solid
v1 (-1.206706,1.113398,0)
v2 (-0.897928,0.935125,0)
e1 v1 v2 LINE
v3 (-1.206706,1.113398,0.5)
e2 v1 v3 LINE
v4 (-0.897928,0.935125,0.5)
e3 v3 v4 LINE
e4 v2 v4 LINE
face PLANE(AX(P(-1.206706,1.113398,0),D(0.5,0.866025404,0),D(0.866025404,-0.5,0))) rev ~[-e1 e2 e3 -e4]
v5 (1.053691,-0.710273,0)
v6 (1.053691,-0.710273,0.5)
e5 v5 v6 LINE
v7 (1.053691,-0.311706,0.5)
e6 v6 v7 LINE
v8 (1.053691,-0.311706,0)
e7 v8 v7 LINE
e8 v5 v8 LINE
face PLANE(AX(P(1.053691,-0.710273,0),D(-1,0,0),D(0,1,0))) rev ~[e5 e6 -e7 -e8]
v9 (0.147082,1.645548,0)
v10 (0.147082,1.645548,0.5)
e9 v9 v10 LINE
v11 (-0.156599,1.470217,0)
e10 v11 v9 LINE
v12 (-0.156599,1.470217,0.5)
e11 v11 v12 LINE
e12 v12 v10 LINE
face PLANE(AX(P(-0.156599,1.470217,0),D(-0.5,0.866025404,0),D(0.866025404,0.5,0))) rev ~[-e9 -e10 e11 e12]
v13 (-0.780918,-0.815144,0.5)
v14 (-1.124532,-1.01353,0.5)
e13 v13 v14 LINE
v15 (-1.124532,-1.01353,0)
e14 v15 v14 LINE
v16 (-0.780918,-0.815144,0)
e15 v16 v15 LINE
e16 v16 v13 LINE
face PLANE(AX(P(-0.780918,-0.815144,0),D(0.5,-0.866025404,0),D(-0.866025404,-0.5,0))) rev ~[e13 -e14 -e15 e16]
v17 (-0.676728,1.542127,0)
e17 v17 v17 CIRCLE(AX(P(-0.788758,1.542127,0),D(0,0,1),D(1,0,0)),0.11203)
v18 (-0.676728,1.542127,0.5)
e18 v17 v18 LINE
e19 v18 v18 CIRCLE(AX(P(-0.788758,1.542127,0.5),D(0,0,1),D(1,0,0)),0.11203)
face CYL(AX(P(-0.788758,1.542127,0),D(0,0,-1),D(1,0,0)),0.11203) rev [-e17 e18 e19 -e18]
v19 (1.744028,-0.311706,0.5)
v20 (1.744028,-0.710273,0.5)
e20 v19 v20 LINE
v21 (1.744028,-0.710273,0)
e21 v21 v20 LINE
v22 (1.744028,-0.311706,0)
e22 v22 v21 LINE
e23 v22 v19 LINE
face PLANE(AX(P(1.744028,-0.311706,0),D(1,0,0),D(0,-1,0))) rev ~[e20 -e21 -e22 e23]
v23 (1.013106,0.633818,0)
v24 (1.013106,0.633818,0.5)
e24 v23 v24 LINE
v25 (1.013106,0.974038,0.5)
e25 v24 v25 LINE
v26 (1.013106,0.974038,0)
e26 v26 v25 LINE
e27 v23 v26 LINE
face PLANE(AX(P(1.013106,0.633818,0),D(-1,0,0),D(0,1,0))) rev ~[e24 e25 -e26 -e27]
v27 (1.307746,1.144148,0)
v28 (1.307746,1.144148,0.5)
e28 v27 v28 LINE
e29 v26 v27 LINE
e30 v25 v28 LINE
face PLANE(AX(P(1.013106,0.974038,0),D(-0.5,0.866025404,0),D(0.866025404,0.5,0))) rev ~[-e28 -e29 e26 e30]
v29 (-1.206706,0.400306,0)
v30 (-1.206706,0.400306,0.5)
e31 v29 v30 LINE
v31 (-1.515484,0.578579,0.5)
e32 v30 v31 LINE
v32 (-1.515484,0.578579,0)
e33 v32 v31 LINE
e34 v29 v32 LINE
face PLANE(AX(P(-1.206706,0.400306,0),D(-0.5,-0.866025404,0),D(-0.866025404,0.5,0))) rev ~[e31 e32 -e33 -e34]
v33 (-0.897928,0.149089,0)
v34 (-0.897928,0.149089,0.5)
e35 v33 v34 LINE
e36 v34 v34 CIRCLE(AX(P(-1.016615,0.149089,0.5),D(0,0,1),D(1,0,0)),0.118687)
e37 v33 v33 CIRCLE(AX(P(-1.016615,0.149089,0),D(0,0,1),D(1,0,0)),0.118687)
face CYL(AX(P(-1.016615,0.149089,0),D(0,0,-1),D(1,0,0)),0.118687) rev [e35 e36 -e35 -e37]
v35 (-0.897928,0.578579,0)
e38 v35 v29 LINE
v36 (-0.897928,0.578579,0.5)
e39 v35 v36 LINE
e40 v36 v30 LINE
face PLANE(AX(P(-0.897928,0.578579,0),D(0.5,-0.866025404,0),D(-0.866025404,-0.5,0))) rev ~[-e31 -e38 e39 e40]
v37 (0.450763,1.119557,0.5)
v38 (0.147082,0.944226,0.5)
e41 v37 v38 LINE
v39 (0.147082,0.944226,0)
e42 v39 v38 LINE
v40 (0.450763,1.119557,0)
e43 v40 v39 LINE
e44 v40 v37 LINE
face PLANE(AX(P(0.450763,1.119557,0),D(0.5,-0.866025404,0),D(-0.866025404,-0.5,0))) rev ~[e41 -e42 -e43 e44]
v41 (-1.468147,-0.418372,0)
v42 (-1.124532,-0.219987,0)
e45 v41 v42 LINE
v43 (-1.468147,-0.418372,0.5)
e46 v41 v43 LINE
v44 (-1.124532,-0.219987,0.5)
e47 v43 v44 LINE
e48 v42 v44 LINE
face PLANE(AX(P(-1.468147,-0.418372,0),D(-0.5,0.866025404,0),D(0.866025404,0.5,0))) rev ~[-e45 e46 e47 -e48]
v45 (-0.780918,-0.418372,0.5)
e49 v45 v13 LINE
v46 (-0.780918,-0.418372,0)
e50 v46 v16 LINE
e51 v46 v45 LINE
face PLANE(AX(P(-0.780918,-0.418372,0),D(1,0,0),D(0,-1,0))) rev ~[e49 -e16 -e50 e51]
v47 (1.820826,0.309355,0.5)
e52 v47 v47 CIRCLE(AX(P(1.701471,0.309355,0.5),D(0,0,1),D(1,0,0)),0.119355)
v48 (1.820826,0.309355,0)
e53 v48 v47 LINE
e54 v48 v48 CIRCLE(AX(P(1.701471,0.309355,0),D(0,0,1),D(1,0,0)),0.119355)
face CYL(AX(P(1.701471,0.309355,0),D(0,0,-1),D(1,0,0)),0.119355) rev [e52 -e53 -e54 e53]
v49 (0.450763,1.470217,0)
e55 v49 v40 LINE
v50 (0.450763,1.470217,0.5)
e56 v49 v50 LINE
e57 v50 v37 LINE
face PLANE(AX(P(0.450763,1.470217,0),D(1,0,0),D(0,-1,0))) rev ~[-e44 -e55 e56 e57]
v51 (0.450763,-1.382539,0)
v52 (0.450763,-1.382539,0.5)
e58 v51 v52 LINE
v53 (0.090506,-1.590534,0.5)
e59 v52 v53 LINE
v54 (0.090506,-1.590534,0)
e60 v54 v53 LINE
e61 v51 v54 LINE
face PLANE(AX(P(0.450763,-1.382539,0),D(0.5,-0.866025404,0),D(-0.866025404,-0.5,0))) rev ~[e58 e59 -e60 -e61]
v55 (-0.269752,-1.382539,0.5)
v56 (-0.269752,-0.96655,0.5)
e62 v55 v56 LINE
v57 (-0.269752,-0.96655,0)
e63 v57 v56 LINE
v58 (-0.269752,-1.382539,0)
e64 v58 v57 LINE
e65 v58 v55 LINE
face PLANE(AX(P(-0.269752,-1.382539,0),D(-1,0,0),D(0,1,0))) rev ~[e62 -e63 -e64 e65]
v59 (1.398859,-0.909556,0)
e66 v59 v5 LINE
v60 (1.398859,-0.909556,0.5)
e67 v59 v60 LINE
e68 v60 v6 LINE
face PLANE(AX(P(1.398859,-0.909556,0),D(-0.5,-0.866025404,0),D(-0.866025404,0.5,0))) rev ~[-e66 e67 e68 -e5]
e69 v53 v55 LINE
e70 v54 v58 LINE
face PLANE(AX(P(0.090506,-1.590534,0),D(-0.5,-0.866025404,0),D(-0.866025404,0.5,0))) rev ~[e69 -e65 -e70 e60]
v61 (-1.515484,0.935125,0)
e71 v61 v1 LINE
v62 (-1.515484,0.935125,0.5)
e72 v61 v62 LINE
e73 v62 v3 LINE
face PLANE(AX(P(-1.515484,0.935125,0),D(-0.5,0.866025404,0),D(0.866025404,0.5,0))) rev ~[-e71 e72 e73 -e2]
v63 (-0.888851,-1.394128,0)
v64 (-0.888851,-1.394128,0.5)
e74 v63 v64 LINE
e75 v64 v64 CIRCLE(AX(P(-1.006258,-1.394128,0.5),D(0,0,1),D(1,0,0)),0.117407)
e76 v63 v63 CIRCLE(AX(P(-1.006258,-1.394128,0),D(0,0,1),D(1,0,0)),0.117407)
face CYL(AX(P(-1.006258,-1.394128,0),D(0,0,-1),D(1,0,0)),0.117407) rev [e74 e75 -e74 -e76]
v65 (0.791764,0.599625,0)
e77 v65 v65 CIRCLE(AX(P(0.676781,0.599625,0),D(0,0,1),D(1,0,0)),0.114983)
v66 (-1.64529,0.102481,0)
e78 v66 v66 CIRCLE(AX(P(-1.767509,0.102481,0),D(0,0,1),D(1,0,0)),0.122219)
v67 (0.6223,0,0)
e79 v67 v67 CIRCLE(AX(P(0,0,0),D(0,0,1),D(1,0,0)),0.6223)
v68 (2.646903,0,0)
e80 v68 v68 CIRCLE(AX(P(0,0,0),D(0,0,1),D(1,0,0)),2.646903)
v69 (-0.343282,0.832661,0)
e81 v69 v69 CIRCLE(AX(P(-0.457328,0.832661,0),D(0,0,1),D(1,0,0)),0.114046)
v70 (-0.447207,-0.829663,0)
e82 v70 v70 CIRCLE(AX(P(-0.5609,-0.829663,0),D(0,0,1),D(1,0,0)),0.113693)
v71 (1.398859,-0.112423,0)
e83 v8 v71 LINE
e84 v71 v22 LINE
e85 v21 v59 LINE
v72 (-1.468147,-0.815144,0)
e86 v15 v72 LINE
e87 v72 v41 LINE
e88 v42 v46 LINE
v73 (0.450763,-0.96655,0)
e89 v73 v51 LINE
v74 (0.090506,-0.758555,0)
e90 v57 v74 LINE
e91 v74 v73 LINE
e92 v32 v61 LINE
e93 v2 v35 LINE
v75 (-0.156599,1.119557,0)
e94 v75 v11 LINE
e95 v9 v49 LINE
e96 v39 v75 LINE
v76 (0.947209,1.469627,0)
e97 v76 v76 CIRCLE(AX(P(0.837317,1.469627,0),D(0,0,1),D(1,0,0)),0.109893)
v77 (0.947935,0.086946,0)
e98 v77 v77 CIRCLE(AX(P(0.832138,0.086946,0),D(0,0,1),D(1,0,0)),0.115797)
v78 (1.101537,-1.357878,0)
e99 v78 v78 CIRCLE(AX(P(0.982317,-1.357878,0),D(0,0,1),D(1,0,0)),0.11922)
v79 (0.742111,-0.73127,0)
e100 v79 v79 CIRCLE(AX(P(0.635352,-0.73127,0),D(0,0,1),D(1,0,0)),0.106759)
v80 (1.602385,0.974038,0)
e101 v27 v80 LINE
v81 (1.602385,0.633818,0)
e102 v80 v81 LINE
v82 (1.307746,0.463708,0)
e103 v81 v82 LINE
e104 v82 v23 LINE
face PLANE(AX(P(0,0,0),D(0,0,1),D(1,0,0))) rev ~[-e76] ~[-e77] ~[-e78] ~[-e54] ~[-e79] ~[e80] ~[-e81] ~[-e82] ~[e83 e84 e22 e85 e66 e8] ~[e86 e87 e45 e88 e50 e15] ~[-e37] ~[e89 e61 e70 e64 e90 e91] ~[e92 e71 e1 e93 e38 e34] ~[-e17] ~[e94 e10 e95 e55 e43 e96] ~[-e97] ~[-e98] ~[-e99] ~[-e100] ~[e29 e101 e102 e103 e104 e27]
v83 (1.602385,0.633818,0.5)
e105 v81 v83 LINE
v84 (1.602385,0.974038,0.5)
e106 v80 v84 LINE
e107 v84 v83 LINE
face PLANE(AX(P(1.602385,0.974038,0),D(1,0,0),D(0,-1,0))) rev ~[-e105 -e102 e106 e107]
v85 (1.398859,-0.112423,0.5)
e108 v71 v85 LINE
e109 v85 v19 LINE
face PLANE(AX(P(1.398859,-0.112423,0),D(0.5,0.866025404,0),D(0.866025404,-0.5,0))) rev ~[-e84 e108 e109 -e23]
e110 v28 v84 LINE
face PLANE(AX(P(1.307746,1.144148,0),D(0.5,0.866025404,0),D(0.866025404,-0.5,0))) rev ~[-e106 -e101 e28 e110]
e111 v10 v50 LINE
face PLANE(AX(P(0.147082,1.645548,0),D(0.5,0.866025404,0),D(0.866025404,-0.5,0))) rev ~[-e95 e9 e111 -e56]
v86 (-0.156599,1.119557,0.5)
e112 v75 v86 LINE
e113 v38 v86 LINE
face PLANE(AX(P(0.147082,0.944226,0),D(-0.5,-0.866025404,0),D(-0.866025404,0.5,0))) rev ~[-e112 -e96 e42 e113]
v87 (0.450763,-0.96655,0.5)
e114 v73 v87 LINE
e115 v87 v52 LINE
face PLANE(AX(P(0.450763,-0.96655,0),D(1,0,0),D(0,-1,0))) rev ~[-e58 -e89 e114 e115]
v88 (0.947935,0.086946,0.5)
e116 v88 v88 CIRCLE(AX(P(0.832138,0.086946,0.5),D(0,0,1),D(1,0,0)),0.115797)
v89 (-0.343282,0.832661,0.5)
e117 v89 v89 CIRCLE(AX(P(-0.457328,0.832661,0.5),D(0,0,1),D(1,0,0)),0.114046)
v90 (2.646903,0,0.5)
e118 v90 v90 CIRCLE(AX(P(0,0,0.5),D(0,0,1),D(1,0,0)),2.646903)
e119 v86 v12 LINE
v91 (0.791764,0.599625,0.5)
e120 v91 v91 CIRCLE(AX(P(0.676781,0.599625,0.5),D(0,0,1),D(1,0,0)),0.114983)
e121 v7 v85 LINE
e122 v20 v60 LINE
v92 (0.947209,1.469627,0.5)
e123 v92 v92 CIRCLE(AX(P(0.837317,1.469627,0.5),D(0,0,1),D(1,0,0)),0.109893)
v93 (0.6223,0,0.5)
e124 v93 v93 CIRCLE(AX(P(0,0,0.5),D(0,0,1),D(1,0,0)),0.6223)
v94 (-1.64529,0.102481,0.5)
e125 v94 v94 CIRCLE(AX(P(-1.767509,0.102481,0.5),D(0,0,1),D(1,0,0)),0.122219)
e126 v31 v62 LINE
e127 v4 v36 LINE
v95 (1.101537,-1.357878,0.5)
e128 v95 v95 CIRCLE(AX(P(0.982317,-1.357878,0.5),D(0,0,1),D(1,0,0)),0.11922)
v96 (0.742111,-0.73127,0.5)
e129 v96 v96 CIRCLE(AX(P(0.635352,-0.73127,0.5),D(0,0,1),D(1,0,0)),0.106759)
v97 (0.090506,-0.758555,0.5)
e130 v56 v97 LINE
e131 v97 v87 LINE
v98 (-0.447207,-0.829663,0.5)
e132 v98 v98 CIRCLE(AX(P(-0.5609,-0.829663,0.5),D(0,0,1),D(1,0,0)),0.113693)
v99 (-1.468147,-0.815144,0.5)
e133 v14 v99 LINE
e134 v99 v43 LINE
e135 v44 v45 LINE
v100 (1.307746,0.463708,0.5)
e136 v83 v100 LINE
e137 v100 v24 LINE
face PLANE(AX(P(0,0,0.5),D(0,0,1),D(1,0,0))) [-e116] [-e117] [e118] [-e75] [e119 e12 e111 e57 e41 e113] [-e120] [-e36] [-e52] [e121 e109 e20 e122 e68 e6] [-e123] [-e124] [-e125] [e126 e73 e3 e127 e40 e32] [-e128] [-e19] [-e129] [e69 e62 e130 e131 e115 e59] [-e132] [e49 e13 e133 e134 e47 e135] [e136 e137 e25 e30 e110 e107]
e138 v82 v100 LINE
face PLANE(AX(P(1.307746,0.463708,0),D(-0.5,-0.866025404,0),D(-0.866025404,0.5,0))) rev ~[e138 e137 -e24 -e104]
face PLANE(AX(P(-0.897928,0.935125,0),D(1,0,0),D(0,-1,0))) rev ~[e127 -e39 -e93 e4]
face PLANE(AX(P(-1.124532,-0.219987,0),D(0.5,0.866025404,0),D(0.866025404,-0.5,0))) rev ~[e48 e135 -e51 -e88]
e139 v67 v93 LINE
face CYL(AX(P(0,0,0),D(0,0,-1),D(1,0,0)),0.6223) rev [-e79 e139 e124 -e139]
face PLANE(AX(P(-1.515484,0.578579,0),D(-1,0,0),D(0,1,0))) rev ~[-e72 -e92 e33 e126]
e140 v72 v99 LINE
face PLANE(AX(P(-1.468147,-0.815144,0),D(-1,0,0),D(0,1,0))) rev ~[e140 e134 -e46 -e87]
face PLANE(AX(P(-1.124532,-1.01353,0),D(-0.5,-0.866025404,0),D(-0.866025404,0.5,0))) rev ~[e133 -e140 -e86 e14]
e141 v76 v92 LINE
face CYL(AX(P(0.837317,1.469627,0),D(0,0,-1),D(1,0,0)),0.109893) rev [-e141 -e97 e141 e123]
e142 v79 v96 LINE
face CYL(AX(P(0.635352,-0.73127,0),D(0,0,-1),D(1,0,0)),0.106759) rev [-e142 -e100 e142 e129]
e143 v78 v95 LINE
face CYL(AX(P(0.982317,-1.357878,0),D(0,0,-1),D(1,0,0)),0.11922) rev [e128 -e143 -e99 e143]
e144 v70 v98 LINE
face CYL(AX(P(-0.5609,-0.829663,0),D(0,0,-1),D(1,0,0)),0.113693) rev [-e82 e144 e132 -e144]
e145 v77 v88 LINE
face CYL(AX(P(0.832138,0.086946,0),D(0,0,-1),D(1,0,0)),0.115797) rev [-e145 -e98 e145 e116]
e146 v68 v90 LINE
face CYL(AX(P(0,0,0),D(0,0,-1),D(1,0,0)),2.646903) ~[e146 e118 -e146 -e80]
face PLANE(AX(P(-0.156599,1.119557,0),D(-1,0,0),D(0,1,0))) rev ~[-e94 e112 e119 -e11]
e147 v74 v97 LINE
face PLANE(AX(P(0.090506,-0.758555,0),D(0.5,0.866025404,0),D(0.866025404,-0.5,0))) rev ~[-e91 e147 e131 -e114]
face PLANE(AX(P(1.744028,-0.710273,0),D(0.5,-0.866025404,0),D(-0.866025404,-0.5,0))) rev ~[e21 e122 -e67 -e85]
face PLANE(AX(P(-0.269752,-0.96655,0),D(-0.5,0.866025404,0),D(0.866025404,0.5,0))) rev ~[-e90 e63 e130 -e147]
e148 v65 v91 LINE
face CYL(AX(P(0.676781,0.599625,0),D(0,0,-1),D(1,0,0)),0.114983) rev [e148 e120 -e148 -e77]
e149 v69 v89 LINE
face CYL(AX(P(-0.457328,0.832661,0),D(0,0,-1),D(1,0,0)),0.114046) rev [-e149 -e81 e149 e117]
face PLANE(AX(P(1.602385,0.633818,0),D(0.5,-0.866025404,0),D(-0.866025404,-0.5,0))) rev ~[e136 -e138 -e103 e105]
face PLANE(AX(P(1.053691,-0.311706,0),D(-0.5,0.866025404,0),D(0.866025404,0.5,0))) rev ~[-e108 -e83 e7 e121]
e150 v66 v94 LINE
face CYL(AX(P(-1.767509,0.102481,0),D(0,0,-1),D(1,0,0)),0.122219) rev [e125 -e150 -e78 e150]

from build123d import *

# Parameters (mm, degrees)
F0_R     = 2.6469034354
F0_R_2   = 2.0745903339
F0_R_3   = 0.1174065855
F0_R_4   = 0.1136931778
F0_R_5   = 0.1192198614
F0_R_6   = 0.1067592126
F0_R_7   = 0.1222189054
F0_R_8   = 0.1186873997
F0_R_9   = 0.1140464443
F0_R_10  = 0.1120298708
F0_R_11  = 0.6223
F0_R_12  = 0.1157965991
F0_R_13  = 0.1149831329
F0_R_14  = 0.1193553309
F0_R_15  = 0.1098925771
F1_DEPTH = 0.5


with BuildPart() as f1:
    # F0 (on Top) → F1 (new body)
    with BuildSketch(Plane.XY):
        Circle(F0_R)
        Circle(F0_R_2, mode=Mode.SUBTRACT)
        Circle(F0_R_2)
        with Locations((-1.0062578367, -1.3941284269)):
            Circle(F0_R_3, mode=Mode.SUBTRACT)
        with Locations((-0.5608999636, -0.8296631859)):
            Circle(F0_R_4, mode=Mode.SUBTRACT)
        Polygon((-1.1245322547, -0.2199865095), (-0.7809179369, -0.4183723283), (-0.7809179369, -0.8151439661), (-1.1245322547, -1.0135297849), (-1.4681465725, -0.8151439661), (-1.4681465725, -0.4183723283), align=None, mode=Mode.SUBTRACT)
        with Locations((0.9823172586, -1.3578784419)):
            Circle(F0_R_5, mode=Mode.SUBTRACT)
        Polygon((0.0905057661, -0.7585551647), (0.4507631238, -0.9665498472), (0.4507631238, -1.3825392121), (0.0905057661, -1.5905338946), (-0.2697515917, -1.3825392121), (-0.2697515917, -0.9665498472), align=None, mode=Mode.SUBTRACT)
        with Locations((0.6353522767, -0.73127012)):
            Circle(F0_R_6, mode=Mode.SUBTRACT)
        Polygon((1.3988593437, -0.112422593), (1.7440281808, -0.311705914), (1.7440281808, -0.7102725561), (1.3988593437, -0.9095558771), (1.0536905066, -0.7102725561), (1.0536905066, -0.311705914), align=None, mode=Mode.SUBTRACT)
        with Locations((-1.7675092677, 0.1024813828)):
            Circle(F0_R_7, mode=Mode.SUBTRACT)
        with Locations((-1.0166150751, 0.149088577)):
            Circle(F0_R_8, mode=Mode.SUBTRACT)
        Polygon((-1.2067056959, 1.1133981843), (-0.8979276754, 0.935125111), (-0.8979276754, 0.5785789645), (-1.2067056959, 0.4003058912), (-1.5154837165, 0.5785789645), (-1.5154837165, 0.935125111), align=None, mode=Mode.SUBTRACT)
        with Locations((-0.4573283368, 0.8326612879)):
            Circle(F0_R_9, mode=Mode.SUBTRACT)
        with Locations((-0.7887575193, 1.5421268763)):
            Circle(F0_R_10, mode=Mode.SUBTRACT)
        Circle(F0_R_11, mode=Mode.SUBTRACT)
        with Locations((0.8321383502, 0.0869456344)):
            Circle(F0_R_12, mode=Mode.SUBTRACT)
        with Locations((0.6767809391, 0.599625113)):
            Circle(F0_R_13, mode=Mode.SUBTRACT)
        Polygon((0.1470820135, 1.6455478347), (0.4507631238, 1.4702174639), (0.4507631238, 1.1195567223), (0.1470820135, 0.9442263515), (-0.1565990969, 1.1195567223), (-0.1565990969, 1.4702174639), align=None, mode=Mode.SUBTRACT)
        Polygon((1.3077456061, 1.1441481716), (1.6023848439, 0.9740381284), (1.6023848439, 0.6338180419), (1.3077456061, 0.4637079986), (1.0131063683, 0.6338180419), (1.0131063683, 0.9740381284), align=None, mode=Mode.SUBTRACT)
        with Locations((1.7014705809, 0.3093554697)):
            Circle(F0_R_14, mode=Mode.SUBTRACT)
        with Locations((0.8373169112, 1.4696266735)):
            Circle(F0_R_15, mode=Mode.SUBTRACT)
    extrude(amount=F1_DEPTH)


solid = f1.part
